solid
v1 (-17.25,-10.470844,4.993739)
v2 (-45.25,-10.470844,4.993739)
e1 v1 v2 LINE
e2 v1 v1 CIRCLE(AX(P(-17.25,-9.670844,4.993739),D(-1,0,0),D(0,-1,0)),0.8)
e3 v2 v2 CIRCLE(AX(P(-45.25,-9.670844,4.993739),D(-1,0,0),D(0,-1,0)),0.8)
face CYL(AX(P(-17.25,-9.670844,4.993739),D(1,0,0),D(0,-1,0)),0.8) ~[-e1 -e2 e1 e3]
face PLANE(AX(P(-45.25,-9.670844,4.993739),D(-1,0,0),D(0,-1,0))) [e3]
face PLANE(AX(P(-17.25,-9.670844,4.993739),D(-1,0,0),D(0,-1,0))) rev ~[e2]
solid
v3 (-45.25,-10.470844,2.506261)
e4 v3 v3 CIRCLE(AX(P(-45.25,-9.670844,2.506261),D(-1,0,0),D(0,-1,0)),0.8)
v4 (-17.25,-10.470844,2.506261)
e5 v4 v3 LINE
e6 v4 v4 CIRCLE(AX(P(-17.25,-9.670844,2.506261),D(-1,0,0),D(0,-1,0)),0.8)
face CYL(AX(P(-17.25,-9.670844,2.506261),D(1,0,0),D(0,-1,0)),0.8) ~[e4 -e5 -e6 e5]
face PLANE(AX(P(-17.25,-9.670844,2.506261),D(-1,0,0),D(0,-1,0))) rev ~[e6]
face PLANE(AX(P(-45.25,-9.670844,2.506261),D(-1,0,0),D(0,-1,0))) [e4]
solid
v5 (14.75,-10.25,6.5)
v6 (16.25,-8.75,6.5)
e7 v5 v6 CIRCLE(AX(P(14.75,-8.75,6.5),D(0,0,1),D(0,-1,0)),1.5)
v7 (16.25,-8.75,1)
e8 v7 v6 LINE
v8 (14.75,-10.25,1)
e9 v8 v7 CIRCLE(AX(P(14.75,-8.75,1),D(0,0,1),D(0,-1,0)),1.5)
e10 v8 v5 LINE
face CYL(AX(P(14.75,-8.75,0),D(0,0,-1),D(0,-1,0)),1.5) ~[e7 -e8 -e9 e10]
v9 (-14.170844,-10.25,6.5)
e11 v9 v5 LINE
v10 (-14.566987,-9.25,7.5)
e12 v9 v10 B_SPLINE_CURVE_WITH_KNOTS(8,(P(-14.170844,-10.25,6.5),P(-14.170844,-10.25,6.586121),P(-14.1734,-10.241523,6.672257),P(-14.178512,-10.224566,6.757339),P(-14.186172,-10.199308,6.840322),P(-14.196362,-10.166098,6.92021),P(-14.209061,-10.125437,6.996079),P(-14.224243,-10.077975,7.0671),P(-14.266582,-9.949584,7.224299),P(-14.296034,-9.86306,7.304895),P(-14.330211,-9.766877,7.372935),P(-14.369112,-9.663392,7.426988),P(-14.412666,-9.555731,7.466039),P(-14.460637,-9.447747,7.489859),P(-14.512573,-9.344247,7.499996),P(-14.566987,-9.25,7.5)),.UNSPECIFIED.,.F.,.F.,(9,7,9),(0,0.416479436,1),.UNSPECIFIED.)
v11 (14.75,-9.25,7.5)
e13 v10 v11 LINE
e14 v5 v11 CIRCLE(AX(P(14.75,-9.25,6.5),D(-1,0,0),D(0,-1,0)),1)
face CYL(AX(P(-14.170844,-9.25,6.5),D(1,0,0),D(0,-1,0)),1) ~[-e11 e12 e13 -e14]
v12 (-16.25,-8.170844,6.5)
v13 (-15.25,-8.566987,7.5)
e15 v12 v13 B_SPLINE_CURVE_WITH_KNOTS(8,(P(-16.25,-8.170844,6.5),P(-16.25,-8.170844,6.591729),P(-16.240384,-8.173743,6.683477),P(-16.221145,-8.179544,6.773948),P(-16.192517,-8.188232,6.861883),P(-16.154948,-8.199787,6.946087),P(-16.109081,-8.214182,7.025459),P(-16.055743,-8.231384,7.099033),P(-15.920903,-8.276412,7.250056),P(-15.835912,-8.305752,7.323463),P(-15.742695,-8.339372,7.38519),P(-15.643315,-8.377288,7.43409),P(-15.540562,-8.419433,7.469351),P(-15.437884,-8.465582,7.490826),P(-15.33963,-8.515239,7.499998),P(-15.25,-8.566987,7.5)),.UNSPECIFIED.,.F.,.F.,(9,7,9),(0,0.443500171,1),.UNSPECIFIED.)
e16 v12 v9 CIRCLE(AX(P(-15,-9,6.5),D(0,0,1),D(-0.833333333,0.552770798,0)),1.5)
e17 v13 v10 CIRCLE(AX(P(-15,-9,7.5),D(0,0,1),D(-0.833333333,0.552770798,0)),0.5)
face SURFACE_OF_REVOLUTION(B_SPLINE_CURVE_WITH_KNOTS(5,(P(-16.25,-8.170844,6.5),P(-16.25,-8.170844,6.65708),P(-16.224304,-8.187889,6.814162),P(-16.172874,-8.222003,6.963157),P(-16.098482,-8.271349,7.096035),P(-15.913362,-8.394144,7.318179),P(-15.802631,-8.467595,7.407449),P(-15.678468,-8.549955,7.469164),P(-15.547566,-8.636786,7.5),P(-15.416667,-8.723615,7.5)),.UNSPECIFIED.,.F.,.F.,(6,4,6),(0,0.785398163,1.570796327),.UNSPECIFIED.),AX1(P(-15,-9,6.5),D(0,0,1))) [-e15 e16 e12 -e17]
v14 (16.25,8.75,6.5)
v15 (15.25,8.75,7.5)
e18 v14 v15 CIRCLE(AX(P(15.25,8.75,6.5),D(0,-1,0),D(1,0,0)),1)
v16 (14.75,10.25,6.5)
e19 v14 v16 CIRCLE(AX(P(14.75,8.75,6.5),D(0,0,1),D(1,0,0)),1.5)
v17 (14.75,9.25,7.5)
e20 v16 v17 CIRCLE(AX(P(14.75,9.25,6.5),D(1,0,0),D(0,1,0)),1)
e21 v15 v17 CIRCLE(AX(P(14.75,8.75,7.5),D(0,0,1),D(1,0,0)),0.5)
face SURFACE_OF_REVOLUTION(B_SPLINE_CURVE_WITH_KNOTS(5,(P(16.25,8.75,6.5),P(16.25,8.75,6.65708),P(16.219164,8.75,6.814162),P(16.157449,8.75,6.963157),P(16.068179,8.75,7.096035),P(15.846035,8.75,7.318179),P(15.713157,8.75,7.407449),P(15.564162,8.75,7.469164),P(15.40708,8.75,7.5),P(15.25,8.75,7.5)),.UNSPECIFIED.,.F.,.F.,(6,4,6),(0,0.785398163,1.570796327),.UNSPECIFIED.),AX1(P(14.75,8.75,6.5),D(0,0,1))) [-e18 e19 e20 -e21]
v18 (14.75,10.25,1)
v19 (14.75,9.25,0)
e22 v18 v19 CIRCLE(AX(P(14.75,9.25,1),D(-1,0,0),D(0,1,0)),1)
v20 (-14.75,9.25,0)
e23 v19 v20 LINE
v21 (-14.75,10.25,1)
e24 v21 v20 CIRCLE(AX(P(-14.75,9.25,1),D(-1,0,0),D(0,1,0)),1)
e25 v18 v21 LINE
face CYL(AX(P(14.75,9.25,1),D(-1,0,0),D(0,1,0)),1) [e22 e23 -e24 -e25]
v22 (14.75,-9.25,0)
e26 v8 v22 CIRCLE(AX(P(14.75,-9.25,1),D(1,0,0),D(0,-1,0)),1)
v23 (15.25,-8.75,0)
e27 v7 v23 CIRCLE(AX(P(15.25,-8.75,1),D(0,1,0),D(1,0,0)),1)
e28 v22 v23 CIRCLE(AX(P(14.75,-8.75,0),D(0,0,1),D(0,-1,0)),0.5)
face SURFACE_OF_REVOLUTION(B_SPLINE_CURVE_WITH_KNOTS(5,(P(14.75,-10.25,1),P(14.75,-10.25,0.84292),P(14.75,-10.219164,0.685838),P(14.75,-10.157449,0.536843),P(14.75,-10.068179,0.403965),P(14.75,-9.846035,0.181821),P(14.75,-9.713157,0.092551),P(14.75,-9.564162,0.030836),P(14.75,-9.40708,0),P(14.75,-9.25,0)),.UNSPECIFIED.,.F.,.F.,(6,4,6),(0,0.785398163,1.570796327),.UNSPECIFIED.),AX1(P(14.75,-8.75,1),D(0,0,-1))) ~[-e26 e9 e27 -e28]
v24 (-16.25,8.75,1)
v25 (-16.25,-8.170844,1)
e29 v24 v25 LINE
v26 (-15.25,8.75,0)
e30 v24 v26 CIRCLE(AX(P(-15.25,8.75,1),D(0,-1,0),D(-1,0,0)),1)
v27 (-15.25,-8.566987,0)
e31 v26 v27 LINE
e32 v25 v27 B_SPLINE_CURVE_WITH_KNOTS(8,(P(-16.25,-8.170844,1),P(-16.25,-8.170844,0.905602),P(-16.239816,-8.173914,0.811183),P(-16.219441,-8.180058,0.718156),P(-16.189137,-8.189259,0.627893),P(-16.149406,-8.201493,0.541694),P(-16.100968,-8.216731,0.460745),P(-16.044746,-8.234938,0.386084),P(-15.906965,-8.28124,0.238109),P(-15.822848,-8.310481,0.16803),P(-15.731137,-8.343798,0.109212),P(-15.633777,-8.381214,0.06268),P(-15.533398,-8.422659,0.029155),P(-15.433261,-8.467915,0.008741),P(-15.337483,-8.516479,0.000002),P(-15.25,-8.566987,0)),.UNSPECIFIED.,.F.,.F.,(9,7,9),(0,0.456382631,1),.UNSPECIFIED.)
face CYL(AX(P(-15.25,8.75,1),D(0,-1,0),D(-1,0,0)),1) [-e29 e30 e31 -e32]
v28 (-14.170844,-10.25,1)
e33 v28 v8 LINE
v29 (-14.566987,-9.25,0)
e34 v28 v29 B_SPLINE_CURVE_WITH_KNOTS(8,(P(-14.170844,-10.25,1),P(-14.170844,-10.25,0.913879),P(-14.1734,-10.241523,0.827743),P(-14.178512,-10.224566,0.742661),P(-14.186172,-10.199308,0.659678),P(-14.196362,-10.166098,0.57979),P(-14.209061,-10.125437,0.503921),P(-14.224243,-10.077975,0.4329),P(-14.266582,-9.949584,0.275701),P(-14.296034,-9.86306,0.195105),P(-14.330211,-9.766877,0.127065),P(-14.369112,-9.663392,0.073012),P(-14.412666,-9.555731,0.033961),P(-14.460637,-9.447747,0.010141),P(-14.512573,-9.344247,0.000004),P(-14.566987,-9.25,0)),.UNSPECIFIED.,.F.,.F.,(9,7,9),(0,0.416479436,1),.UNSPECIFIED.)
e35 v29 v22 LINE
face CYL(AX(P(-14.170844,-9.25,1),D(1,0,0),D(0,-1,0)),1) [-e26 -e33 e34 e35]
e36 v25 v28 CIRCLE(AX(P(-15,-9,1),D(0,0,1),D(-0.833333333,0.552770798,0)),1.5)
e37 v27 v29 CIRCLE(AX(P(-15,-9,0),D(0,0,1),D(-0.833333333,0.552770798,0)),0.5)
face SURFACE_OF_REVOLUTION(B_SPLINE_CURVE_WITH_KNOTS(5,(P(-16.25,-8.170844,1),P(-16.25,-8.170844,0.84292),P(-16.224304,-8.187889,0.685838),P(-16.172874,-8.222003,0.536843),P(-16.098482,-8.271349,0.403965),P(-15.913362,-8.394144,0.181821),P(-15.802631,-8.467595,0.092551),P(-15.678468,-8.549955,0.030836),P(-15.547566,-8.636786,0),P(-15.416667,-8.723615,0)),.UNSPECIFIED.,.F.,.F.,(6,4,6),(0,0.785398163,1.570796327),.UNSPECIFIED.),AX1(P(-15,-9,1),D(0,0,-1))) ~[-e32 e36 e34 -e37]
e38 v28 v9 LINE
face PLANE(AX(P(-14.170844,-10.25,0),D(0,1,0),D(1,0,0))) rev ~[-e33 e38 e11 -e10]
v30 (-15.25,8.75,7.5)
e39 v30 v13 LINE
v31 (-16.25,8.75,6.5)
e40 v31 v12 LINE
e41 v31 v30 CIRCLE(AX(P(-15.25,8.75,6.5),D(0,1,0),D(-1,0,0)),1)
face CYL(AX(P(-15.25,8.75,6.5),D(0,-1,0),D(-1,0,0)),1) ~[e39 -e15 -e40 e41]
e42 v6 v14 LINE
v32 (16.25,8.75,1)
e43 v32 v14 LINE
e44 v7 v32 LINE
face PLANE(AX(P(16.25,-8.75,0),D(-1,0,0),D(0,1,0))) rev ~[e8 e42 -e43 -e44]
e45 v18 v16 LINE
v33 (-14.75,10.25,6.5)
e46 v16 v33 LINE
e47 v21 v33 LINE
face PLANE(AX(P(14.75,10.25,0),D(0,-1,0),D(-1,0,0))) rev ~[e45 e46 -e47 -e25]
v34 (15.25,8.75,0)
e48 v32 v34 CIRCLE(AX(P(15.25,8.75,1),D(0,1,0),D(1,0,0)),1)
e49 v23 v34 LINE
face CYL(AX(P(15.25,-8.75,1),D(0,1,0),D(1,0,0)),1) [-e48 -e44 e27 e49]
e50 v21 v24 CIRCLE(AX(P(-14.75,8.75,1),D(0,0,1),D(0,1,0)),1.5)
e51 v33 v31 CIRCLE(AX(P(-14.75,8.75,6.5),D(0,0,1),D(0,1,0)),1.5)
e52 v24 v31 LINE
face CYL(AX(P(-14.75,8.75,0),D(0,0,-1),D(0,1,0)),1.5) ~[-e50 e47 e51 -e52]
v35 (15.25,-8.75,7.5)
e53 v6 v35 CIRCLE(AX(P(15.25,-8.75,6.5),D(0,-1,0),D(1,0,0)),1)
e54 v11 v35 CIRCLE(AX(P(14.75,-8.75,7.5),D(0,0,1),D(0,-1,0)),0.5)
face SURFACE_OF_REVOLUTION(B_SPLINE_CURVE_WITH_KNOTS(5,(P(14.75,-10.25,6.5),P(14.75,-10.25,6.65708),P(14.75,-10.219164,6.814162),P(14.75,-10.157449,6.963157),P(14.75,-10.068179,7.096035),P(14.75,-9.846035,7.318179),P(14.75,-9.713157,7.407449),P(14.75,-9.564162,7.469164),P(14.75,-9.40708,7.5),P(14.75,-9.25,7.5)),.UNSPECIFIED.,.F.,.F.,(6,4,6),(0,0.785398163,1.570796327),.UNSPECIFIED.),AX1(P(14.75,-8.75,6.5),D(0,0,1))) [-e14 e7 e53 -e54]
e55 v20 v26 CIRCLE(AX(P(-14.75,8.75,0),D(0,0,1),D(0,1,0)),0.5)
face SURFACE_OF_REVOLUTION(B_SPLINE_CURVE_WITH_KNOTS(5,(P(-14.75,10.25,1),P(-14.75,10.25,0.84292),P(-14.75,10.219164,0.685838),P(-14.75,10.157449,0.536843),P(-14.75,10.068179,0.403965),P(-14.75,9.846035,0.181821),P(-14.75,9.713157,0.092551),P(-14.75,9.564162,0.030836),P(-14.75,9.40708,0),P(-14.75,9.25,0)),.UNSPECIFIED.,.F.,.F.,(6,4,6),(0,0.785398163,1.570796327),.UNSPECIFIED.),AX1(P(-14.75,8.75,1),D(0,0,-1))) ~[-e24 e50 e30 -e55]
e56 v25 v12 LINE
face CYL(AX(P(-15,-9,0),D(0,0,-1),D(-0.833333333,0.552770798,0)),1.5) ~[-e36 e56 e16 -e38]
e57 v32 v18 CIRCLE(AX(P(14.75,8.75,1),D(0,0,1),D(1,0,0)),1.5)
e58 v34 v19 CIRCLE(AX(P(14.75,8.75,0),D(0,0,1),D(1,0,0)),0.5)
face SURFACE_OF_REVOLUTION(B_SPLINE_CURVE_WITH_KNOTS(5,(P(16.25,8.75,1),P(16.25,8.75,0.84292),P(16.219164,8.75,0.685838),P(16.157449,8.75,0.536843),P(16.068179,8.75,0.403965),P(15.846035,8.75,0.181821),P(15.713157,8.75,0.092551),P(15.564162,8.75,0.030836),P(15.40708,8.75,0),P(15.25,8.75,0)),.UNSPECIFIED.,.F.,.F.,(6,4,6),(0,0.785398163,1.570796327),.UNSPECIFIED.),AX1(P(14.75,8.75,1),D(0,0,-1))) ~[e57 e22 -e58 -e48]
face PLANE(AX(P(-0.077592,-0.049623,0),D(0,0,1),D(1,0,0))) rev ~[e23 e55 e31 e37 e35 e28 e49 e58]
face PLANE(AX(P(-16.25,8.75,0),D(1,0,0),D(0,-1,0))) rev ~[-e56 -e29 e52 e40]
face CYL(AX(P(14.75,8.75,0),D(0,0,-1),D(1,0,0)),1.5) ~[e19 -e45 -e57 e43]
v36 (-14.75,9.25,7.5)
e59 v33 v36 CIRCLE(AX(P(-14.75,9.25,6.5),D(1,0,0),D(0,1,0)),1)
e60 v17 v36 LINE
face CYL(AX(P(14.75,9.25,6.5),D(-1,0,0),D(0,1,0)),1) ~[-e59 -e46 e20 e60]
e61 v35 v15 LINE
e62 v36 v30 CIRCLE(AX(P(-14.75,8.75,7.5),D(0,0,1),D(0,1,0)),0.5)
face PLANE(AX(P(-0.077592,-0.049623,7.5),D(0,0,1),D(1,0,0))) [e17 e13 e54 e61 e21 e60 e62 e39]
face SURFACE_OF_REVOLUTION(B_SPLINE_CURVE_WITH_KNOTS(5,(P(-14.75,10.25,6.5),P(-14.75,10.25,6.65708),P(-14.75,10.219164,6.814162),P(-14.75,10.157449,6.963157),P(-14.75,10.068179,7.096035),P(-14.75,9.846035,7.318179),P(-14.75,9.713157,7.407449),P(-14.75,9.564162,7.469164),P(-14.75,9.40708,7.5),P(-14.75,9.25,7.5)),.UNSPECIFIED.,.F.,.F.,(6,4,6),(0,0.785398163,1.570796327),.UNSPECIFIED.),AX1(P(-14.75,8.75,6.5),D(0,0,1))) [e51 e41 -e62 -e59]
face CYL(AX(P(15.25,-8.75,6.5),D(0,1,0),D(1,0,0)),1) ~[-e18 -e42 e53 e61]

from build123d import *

# Parameters (mm, degrees)
F1_DEPTH = 7.5
F2_R     = 1
F4_R     = 0.8
F5_DEPTH = 28


with BuildPart() as f1:
    # F0 (on Top) → F1 (new body)
    with BuildSketch(Plane.XY):
        with BuildLine():
            ThreePointArc((16.25, 8.75), (15.8106601718, 9.8106601718), (14.75, 10.25))
            Line((14.75, 10.25), (-14.75, 10.25))
            ThreePointArc((-14.75, 10.25), (-15.8106601718, 9.8106601718), (-16.25, 8.75))
            Line((-16.25, 8.75), (-16.25, -8.1708438024))
            ThreePointArc((-16.25, -8.1708438024), (-16.0606601718, -10.0606601718), (-14.1708438024, -10.25))
            Line((-14.1708438024, -10.25), (14.75, -10.25))
            ThreePointArc((14.75, -10.25), (15.8106601718, -9.8106601718), (16.25, -8.75))
            Line((16.25, -8.75), (16.25, 8.75))
        make_face()
    extrude(amount=F1_DEPTH)

    # F2
    f2_edges = [f1.edges().sort_by_distance(p)[0] for p in [
        (15.81066, 9.81066, 7.5),
        (0, 10.25, 7.5),
        (-15.81066, 9.81066, 7.5),
        (-16.25, 0.289578, 7.5),
        (-16.06066, -10.06066, 7.5),
        (0.289578, -10.25, 7.5),
        (15.81066, -9.81066, 7.5),
        (16.25, 0, 7.5),
        (15.81066, 9.81066, 0),
        (0, 10.25, 0),
        (-15.81066, 9.81066, 0),
        (-16.25, 0.289578, 0),
        (-16.06066, -10.06066, 0),
        (0.289578, -10.25, 0),
        (15.81066, -9.81066, 0),
        (16.25, 0, 0),
    ]]
    fillet(f2_edges, radius=F2_R)


with BuildPart() as f5:
    # F4 (on offset) → F5 (new body)
    with BuildSketch(Plane(origin=(-17.25, 0, 0), x_dir=(0, -1, 0), z_dir=(-1, 0, 0))):
        with Locations((9.6708438024, 2.5062605273)):
            Circle(F4_R)
    extrude(amount=F5_DEPTH)


with BuildPart() as f5b:
    # F4 (on offset) → F5, piece 2 (new body)
    with BuildSketch(Plane(origin=(-17.25, 0, 0), x_dir=(0, -1, 0), z_dir=(-1, 0, 0))):
        with Locations((9.6708438024, 4.9937394727)):
            Circle(F4_R)
    extrude(amount=F5_DEPTH)


solid = Compound([f1.part, f5.part, f5b.part])
